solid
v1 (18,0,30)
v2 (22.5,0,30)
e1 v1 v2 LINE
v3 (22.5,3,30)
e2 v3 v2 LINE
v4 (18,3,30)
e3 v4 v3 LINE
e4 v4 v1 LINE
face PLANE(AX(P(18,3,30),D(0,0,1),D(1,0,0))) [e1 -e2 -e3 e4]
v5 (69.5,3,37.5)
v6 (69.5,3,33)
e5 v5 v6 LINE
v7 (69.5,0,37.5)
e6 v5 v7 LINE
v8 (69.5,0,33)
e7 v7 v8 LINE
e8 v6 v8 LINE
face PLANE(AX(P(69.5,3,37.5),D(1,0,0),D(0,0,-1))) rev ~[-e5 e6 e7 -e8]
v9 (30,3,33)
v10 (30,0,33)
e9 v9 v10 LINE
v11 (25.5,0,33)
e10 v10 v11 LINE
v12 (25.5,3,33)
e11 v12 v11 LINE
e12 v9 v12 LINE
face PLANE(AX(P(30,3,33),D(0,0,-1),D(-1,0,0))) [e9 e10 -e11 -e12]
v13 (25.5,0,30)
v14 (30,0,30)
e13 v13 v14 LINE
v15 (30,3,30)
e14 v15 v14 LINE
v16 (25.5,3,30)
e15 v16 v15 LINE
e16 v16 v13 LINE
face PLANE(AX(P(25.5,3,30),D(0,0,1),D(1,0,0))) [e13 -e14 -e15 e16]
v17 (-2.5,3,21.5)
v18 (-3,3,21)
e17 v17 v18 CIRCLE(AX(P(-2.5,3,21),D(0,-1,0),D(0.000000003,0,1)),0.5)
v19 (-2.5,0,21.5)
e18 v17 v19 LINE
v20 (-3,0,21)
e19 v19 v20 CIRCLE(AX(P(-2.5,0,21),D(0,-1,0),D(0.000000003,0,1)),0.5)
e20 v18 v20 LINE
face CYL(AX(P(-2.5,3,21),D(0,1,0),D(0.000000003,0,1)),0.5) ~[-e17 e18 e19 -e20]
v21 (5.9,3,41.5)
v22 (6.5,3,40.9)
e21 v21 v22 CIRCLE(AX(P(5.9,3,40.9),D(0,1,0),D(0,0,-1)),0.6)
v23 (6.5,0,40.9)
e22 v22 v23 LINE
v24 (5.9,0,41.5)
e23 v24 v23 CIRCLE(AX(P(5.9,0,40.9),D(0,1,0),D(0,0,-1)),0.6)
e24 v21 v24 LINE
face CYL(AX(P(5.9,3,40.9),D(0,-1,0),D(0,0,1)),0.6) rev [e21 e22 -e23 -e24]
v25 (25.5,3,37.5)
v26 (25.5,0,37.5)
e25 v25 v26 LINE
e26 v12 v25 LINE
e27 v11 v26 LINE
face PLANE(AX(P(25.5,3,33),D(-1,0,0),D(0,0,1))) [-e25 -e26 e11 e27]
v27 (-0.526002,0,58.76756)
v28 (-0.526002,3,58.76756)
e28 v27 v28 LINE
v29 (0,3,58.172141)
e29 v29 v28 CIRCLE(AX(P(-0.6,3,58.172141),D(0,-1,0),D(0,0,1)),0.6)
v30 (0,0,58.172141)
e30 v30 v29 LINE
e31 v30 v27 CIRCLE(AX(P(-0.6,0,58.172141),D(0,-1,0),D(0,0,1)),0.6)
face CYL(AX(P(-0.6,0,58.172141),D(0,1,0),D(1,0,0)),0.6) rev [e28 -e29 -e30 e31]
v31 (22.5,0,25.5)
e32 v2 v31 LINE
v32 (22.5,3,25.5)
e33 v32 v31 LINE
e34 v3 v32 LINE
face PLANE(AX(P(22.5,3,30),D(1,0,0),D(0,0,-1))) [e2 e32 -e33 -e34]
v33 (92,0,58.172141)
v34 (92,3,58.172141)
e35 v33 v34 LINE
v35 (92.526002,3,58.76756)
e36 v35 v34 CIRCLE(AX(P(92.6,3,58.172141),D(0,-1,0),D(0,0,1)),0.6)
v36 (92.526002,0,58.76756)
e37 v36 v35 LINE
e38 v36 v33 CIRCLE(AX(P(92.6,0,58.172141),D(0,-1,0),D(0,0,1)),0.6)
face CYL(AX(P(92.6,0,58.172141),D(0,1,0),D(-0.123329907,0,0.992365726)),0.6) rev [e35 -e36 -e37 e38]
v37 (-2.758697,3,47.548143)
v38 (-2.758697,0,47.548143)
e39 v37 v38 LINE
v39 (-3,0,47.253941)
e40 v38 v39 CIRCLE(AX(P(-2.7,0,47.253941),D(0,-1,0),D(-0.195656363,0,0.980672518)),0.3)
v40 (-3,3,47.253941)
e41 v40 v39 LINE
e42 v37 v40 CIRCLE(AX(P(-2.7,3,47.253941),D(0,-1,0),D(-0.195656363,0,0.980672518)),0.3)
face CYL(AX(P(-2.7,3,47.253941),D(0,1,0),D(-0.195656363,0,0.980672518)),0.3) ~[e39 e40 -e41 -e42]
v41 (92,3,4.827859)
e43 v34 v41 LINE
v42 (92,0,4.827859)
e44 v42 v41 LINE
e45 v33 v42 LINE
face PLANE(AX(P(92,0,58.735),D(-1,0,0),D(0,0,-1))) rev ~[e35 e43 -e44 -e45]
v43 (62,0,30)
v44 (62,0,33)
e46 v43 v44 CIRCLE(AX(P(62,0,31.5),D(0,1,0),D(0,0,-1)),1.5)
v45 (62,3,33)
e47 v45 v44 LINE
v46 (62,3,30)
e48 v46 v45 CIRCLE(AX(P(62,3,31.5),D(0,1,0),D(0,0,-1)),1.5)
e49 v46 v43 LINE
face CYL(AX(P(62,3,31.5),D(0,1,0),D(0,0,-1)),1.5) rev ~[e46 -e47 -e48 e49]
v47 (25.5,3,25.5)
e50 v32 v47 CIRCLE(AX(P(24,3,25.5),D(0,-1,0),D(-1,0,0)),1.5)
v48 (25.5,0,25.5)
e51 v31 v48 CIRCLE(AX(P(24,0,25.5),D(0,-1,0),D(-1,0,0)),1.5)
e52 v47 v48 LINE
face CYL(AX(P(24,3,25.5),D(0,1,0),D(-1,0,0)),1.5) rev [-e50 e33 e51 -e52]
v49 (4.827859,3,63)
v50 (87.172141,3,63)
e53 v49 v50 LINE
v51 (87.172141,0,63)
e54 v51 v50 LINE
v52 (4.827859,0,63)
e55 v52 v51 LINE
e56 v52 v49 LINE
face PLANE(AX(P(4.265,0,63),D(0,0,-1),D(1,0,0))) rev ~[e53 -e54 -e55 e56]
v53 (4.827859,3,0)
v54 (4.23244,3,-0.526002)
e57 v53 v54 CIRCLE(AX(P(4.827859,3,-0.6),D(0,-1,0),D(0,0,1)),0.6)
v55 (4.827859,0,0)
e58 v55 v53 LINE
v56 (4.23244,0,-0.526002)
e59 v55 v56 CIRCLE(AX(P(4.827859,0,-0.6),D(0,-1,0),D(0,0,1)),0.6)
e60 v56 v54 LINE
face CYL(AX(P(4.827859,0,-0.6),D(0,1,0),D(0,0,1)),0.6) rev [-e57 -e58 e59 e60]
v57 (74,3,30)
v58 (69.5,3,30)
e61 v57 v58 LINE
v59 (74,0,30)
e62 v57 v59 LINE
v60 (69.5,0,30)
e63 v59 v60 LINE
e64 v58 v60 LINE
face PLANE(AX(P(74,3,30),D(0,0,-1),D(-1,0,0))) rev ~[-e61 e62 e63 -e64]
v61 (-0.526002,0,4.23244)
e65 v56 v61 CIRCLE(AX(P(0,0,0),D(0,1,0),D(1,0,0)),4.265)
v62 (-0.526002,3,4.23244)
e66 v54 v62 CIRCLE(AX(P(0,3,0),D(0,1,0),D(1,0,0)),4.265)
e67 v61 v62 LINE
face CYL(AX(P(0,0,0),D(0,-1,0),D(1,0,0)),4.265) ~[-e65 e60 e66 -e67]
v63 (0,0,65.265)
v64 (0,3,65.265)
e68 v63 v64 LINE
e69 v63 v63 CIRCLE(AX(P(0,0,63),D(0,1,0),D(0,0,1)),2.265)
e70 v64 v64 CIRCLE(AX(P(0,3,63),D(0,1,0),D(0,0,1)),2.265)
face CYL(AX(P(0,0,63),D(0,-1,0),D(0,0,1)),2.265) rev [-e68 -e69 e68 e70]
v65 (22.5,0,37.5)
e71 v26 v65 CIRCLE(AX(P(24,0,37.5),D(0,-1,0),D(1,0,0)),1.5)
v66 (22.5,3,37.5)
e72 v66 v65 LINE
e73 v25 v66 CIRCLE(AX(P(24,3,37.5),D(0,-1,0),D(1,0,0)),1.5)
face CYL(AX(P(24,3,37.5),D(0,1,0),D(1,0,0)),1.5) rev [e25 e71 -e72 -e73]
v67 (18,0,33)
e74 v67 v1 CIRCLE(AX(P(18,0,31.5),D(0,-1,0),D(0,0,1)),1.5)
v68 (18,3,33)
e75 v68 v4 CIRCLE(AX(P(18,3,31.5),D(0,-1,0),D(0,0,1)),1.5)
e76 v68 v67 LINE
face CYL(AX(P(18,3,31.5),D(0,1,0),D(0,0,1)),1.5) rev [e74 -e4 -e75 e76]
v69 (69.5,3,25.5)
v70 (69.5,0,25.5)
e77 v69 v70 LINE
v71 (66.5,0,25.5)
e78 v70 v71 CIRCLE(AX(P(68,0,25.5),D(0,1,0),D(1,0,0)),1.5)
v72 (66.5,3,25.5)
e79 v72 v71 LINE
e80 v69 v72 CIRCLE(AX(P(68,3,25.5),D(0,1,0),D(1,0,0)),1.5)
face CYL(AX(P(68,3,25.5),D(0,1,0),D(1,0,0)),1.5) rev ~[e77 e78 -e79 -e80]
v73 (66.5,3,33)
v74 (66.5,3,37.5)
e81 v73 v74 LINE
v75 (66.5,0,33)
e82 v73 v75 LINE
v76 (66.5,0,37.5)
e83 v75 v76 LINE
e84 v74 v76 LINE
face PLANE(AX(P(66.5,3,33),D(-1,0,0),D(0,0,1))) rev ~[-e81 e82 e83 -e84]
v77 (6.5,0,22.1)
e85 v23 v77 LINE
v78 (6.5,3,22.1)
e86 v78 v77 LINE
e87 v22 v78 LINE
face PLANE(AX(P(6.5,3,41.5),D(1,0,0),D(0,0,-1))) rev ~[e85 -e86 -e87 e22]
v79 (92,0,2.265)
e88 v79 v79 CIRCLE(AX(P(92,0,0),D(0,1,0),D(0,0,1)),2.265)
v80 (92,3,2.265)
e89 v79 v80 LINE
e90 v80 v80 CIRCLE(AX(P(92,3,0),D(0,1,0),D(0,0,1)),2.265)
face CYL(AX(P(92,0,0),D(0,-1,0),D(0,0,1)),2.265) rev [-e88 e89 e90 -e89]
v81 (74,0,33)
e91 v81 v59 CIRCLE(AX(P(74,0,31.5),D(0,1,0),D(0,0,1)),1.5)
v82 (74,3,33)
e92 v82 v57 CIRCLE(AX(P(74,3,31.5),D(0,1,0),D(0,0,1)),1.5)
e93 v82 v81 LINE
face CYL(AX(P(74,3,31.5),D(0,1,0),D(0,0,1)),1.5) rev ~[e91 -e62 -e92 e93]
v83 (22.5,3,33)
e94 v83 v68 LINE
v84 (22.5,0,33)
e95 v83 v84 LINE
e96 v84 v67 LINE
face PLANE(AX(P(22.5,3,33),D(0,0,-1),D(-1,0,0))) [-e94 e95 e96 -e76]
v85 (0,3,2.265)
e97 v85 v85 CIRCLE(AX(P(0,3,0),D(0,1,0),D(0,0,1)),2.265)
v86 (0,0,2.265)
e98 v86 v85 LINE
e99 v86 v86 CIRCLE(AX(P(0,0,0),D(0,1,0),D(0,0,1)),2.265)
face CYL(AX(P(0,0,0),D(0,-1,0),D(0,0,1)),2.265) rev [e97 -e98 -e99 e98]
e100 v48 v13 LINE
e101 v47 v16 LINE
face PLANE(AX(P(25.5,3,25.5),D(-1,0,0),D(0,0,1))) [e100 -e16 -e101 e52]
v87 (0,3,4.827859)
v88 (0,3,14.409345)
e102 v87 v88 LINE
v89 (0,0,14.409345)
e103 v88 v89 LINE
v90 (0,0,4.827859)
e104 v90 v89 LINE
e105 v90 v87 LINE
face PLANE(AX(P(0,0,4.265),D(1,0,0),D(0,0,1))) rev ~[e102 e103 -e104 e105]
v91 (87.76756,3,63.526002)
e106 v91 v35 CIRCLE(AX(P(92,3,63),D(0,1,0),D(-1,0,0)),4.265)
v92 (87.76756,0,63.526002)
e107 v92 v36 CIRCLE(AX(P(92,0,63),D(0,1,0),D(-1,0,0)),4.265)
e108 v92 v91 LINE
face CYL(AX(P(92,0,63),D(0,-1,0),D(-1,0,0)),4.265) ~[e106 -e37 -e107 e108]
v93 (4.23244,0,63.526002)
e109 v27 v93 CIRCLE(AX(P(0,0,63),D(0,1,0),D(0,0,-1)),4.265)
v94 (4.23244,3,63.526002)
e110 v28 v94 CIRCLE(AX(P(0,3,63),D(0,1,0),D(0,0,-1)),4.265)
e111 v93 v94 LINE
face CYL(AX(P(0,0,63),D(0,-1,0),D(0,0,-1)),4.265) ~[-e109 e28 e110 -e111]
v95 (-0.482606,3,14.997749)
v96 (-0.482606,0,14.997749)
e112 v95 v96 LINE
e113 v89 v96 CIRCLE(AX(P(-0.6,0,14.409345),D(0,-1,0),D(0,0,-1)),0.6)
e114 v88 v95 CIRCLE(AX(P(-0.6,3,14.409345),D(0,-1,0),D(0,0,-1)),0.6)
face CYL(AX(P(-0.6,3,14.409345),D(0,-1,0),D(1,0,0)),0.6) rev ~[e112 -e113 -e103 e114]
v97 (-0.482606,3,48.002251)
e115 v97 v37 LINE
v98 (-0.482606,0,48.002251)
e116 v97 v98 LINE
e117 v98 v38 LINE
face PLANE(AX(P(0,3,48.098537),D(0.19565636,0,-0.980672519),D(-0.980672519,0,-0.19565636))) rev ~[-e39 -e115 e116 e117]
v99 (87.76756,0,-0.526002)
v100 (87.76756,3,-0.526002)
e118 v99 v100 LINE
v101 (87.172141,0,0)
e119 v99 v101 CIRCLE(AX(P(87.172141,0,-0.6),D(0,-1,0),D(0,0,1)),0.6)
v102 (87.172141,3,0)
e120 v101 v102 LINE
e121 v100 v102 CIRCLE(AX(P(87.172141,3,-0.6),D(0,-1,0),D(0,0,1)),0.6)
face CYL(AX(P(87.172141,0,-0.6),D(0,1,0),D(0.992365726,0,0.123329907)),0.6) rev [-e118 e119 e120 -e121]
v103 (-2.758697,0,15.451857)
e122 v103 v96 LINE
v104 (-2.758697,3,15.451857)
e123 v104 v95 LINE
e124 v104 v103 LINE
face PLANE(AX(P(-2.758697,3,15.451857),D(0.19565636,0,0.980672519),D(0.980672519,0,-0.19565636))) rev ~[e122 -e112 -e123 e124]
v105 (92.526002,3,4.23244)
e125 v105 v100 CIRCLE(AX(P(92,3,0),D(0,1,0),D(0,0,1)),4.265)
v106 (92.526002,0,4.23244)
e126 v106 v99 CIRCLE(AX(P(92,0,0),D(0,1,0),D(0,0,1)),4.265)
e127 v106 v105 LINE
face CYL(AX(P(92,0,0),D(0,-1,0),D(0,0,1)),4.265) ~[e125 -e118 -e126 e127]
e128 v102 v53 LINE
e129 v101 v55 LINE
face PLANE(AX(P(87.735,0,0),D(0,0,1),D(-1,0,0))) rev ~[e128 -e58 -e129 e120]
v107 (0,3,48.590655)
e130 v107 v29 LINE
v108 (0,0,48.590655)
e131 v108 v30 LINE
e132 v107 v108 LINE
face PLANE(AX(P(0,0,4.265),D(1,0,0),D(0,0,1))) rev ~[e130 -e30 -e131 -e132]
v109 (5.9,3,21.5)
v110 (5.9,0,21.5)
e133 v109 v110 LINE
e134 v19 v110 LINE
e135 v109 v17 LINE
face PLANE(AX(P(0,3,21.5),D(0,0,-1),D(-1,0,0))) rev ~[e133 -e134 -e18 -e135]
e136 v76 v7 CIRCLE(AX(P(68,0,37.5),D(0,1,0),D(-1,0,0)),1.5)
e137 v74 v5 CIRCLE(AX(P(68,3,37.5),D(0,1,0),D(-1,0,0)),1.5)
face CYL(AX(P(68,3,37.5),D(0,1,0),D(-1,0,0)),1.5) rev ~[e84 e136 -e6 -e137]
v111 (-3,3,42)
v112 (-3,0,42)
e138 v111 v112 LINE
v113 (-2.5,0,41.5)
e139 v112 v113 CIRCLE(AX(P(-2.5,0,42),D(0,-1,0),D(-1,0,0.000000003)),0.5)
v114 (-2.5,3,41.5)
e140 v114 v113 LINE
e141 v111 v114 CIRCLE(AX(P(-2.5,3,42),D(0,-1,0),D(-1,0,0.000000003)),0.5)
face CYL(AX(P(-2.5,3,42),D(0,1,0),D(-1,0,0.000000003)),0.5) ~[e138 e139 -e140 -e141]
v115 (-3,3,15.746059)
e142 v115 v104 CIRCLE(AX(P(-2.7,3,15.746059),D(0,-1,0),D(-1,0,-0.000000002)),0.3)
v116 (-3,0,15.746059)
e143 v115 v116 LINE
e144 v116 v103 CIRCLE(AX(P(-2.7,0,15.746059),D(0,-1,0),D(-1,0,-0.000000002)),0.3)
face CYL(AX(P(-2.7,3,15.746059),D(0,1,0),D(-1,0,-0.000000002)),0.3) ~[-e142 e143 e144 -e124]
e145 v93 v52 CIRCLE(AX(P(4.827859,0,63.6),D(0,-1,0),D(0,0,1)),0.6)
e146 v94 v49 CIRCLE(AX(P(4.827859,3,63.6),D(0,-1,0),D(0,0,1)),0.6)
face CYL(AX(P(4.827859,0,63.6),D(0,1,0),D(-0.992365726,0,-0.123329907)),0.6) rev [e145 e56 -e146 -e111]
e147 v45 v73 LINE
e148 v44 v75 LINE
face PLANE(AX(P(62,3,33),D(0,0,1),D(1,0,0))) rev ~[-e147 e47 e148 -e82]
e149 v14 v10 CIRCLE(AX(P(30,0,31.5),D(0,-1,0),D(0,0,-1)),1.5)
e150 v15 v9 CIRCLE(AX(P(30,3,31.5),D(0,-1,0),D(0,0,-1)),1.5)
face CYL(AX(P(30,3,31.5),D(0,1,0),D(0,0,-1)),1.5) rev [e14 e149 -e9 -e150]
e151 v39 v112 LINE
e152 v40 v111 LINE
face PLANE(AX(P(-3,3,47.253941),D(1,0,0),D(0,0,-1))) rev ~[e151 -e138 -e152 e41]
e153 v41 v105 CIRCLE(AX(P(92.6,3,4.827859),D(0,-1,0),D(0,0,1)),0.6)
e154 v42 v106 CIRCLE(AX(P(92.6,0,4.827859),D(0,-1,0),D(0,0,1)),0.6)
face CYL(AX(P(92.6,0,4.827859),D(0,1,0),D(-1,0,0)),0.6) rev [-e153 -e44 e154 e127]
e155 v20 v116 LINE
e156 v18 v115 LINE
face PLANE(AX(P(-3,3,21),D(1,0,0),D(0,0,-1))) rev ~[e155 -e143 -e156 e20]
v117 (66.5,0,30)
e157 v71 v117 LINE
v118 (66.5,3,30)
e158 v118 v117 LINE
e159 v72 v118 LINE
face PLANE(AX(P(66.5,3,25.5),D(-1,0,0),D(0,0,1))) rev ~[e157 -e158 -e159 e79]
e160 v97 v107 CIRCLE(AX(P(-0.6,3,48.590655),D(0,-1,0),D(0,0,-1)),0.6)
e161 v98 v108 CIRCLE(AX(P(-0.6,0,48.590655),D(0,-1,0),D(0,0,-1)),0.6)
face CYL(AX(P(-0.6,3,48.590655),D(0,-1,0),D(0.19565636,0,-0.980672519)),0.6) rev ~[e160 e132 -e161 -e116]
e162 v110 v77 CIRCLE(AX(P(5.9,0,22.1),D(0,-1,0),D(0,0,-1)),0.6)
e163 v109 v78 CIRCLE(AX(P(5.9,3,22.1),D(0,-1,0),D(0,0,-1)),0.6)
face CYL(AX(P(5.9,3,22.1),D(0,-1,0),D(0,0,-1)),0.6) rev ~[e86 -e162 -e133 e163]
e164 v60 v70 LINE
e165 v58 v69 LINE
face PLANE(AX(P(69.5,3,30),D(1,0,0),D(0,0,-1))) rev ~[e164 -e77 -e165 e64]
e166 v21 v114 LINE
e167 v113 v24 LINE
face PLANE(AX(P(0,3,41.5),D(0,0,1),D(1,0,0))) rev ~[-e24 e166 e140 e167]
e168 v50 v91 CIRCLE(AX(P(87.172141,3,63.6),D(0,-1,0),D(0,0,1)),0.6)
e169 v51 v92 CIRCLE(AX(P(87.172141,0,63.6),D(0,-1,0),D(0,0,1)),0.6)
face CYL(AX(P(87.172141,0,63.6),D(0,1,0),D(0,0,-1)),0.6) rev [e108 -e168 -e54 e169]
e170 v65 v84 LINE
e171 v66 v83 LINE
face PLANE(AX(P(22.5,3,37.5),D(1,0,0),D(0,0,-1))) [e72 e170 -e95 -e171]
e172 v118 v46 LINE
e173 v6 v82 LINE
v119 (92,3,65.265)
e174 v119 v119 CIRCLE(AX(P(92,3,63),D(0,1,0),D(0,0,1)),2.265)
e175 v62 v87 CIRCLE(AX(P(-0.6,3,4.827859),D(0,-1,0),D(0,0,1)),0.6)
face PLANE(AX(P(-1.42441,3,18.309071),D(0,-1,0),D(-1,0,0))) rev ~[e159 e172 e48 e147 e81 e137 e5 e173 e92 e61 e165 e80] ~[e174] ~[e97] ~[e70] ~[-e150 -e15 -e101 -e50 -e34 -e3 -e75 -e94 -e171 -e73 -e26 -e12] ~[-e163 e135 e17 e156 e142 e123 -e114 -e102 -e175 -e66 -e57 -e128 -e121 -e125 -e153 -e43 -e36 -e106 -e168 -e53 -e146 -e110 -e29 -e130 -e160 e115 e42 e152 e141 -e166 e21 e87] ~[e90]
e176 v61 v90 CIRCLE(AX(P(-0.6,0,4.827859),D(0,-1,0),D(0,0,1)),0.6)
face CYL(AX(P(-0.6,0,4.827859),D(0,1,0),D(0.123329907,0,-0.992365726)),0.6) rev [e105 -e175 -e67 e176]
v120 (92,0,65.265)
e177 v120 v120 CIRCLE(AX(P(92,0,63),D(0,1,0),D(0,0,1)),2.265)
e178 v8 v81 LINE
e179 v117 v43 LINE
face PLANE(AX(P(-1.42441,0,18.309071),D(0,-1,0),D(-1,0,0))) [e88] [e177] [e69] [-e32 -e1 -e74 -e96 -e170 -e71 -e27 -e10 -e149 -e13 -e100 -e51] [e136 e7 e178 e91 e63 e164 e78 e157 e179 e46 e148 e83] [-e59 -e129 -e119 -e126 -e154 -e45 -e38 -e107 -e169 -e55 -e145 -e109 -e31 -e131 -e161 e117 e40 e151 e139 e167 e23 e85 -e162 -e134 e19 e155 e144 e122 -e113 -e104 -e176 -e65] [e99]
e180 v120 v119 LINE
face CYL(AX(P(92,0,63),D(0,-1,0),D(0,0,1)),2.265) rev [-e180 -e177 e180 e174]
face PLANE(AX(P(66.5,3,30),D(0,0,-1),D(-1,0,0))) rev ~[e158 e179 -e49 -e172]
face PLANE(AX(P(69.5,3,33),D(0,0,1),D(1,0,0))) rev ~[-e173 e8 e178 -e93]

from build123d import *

# Parameters (mm, degrees)
SKETCH1_R           = 2.265
BOSS_EXTRUDE1_DEPTH = 3
CUT_EXTRUDE3_DEPTH  = 3
SKETCH8_W           = 6.5
SKETCH8_H           = 20
CUT_EXTRUDE4_DEPTH  = 3
BOSS_EXTRUDE4_DEPTH = 3
FILLET1_R           = 0.6


with BuildPart() as part:
    # Sketch1 → Boss-Extrude1 (new body)
    with BuildSketch(Plane(origin=(0, 0, 0), x_dir=(1, 0, 0), z_dir=(0, 1, 0))):
        with BuildLine():
            Line((0, -4.265), (0, -58.735))
            ThreePointArc((0, -58.735), (-3.015810422, -66.015810422), (4.265, -63))
            Line((4.265, -63), (87.735, -63))
            ThreePointArc((87.735, -63), (95.015810422, -66.015810422), (92, -58.735))
            Line((92, -58.735), (92, -4.265))
            ThreePointArc((92, -4.265), (95.015810422, 3.015810422), (87.735, 0))
            Line((87.735, 0), (4.265, 0))
            ThreePointArc((4.265, 0), (-3.015810422, 3.015810422), (0, -4.265))
        make_face()
        with Locations(Location((0, 0, 0), (0, 0, 270))):
            Circle(SKETCH1_R, mode=Mode.SUBTRACT)
        with Locations(Location((92, 0, 0), (0, 0, 270))):
            Circle(SKETCH1_R, mode=Mode.SUBTRACT)
        with Locations(Location((92, -63, 0), (0, 0, 270))):
            Circle(SKETCH1_R, mode=Mode.SUBTRACT)
        with Locations(Location((0, -63, 0), (0, 0, 270))):
            Circle(SKETCH1_R, mode=Mode.SUBTRACT)
    extrude(amount=BOSS_EXTRUDE1_DEPTH)

    # Sketch6 → Cut-Extrude3 (cut)
    with BuildSketch(Plane(origin=(0, 3, 0), x_dir=(1, 0, 0), z_dir=(0, 1, 0))):
        with BuildLine():
            Line((18, -30), (22.5, -30))
            Line((22.5, -30), (22.5, -25.5))
            ThreePointArc((22.5, -25.5), (24, -24), (25.5, -25.5))
            Line((25.5, -25.5), (25.5, -30))
            Line((25.5, -30), (30, -30))
            ThreePointArc((30, -30), (31.5, -31.5), (30, -33))
            Line((30, -33), (25.5, -33))
            Line((25.5, -33), (25.5, -37.5))
            ThreePointArc((25.5, -37.5), (24, -39), (22.5, -37.5))
            Line((22.5, -37.5), (22.5, -33))
            Line((22.5, -33), (18, -33))
            ThreePointArc((18, -33), (16.5, -31.5), (18, -30))
        make_face()
        with BuildLine():
            Line((74, -30), (69.5, -30))
            Line((69.5, -30), (69.5, -25.5))
            ThreePointArc((69.5, -25.5), (68, -24), (66.5, -25.5))
            Line((66.5, -25.5), (66.5, -30))
            Line((66.5, -30), (62, -30))
            ThreePointArc((62, -30), (60.5, -31.5), (62, -33))
            Line((62, -33), (66.5, -33))
            Line((66.5, -33), (66.5, -37.5))
            ThreePointArc((66.5, -37.5), (68, -39), (69.5, -37.5))
            Line((69.5, -37.5), (69.5, -33))
            Line((69.5, -33), (74, -33))
            ThreePointArc((74, -33), (75.5, -31.5), (74, -30))
        make_face()
    extrude(amount=-CUT_EXTRUDE3_DEPTH, mode=Mode.SUBTRACT)

    # Sketch8 → Cut-Extrude4 (cut)
    with BuildSketch(Plane(origin=(0, 3, 0), x_dir=(1, 0, 0), z_dir=(0, 1, 0))):
        with Locations((3.25, -31.5)):
            Rectangle(SKETCH8_W, SKETCH8_H)
    extrude(amount=-CUT_EXTRUDE4_DEPTH, mode=Mode.SUBTRACT)

    # Sketch9 → Boss-Extrude4 (add)
    with BuildSketch(Plane(origin=(0, 3, 0), x_dir=(1, 0, 0), z_dir=(0, 1, 0))):
        with BuildLine():
            Line((0, -21.5), (-2.5, -21.5))
            ThreePointArc((-2.5, -21.5), (-2.853553391, -21.353553391), (-3, -21))
            Line((-3, -21), (-3, -15.746058789))
            ThreePointArc((-3, -15.746058789), (-2.931958048, -15.555807734), (-2.758696908, -15.451857033))
            Line((-2.758696908, -15.451857033), (0, -14.901462701))
            Line((0, -14.901462701), (0, -21.5))
        make_face()
        with BuildLine():
            Line((0, -41.5), (0, -48.098537299))
            Line((0, -48.098537299), (-2.758696908, -47.548142967))
            ThreePointArc((-2.758696908, -47.548142967), (-2.931958048, -47.444192266), (-3, -47.253941211))
            Line((-3, -47.253941211), (-3, -42))
            ThreePointArc((-3, -42), (-2.853553391, -41.646446609), (-2.5, -41.5))
            Line((-2.5, -41.5), (0, -41.5))
        make_face()
    extrude(amount=-BOSS_EXTRUDE4_DEPTH)

    # Fillet1
    fillet1_edges = [part.edges().sort_by_distance(p)[0] for p in [
        (6.5, 1.5, 21.5),
        (6.5, 1.5, 41.5),
        (0, 1.5, 14.901462701),
        (4.265, 1.5, 0),
        (87.735, 1.5, 0),
        (92, 1.5, 4.265),
        (92, 1.5, 58.735),
        (87.735, 1.5, 63),
        (4.265, 1.5, 63),
        (0, 1.5, 58.735),
        (0, 1.5, 4.265),
        (0, 1.5, 48.098537299),
    ]]
    fillet(fillet1_edges, radius=FILLET1_R)


solid = part.part
